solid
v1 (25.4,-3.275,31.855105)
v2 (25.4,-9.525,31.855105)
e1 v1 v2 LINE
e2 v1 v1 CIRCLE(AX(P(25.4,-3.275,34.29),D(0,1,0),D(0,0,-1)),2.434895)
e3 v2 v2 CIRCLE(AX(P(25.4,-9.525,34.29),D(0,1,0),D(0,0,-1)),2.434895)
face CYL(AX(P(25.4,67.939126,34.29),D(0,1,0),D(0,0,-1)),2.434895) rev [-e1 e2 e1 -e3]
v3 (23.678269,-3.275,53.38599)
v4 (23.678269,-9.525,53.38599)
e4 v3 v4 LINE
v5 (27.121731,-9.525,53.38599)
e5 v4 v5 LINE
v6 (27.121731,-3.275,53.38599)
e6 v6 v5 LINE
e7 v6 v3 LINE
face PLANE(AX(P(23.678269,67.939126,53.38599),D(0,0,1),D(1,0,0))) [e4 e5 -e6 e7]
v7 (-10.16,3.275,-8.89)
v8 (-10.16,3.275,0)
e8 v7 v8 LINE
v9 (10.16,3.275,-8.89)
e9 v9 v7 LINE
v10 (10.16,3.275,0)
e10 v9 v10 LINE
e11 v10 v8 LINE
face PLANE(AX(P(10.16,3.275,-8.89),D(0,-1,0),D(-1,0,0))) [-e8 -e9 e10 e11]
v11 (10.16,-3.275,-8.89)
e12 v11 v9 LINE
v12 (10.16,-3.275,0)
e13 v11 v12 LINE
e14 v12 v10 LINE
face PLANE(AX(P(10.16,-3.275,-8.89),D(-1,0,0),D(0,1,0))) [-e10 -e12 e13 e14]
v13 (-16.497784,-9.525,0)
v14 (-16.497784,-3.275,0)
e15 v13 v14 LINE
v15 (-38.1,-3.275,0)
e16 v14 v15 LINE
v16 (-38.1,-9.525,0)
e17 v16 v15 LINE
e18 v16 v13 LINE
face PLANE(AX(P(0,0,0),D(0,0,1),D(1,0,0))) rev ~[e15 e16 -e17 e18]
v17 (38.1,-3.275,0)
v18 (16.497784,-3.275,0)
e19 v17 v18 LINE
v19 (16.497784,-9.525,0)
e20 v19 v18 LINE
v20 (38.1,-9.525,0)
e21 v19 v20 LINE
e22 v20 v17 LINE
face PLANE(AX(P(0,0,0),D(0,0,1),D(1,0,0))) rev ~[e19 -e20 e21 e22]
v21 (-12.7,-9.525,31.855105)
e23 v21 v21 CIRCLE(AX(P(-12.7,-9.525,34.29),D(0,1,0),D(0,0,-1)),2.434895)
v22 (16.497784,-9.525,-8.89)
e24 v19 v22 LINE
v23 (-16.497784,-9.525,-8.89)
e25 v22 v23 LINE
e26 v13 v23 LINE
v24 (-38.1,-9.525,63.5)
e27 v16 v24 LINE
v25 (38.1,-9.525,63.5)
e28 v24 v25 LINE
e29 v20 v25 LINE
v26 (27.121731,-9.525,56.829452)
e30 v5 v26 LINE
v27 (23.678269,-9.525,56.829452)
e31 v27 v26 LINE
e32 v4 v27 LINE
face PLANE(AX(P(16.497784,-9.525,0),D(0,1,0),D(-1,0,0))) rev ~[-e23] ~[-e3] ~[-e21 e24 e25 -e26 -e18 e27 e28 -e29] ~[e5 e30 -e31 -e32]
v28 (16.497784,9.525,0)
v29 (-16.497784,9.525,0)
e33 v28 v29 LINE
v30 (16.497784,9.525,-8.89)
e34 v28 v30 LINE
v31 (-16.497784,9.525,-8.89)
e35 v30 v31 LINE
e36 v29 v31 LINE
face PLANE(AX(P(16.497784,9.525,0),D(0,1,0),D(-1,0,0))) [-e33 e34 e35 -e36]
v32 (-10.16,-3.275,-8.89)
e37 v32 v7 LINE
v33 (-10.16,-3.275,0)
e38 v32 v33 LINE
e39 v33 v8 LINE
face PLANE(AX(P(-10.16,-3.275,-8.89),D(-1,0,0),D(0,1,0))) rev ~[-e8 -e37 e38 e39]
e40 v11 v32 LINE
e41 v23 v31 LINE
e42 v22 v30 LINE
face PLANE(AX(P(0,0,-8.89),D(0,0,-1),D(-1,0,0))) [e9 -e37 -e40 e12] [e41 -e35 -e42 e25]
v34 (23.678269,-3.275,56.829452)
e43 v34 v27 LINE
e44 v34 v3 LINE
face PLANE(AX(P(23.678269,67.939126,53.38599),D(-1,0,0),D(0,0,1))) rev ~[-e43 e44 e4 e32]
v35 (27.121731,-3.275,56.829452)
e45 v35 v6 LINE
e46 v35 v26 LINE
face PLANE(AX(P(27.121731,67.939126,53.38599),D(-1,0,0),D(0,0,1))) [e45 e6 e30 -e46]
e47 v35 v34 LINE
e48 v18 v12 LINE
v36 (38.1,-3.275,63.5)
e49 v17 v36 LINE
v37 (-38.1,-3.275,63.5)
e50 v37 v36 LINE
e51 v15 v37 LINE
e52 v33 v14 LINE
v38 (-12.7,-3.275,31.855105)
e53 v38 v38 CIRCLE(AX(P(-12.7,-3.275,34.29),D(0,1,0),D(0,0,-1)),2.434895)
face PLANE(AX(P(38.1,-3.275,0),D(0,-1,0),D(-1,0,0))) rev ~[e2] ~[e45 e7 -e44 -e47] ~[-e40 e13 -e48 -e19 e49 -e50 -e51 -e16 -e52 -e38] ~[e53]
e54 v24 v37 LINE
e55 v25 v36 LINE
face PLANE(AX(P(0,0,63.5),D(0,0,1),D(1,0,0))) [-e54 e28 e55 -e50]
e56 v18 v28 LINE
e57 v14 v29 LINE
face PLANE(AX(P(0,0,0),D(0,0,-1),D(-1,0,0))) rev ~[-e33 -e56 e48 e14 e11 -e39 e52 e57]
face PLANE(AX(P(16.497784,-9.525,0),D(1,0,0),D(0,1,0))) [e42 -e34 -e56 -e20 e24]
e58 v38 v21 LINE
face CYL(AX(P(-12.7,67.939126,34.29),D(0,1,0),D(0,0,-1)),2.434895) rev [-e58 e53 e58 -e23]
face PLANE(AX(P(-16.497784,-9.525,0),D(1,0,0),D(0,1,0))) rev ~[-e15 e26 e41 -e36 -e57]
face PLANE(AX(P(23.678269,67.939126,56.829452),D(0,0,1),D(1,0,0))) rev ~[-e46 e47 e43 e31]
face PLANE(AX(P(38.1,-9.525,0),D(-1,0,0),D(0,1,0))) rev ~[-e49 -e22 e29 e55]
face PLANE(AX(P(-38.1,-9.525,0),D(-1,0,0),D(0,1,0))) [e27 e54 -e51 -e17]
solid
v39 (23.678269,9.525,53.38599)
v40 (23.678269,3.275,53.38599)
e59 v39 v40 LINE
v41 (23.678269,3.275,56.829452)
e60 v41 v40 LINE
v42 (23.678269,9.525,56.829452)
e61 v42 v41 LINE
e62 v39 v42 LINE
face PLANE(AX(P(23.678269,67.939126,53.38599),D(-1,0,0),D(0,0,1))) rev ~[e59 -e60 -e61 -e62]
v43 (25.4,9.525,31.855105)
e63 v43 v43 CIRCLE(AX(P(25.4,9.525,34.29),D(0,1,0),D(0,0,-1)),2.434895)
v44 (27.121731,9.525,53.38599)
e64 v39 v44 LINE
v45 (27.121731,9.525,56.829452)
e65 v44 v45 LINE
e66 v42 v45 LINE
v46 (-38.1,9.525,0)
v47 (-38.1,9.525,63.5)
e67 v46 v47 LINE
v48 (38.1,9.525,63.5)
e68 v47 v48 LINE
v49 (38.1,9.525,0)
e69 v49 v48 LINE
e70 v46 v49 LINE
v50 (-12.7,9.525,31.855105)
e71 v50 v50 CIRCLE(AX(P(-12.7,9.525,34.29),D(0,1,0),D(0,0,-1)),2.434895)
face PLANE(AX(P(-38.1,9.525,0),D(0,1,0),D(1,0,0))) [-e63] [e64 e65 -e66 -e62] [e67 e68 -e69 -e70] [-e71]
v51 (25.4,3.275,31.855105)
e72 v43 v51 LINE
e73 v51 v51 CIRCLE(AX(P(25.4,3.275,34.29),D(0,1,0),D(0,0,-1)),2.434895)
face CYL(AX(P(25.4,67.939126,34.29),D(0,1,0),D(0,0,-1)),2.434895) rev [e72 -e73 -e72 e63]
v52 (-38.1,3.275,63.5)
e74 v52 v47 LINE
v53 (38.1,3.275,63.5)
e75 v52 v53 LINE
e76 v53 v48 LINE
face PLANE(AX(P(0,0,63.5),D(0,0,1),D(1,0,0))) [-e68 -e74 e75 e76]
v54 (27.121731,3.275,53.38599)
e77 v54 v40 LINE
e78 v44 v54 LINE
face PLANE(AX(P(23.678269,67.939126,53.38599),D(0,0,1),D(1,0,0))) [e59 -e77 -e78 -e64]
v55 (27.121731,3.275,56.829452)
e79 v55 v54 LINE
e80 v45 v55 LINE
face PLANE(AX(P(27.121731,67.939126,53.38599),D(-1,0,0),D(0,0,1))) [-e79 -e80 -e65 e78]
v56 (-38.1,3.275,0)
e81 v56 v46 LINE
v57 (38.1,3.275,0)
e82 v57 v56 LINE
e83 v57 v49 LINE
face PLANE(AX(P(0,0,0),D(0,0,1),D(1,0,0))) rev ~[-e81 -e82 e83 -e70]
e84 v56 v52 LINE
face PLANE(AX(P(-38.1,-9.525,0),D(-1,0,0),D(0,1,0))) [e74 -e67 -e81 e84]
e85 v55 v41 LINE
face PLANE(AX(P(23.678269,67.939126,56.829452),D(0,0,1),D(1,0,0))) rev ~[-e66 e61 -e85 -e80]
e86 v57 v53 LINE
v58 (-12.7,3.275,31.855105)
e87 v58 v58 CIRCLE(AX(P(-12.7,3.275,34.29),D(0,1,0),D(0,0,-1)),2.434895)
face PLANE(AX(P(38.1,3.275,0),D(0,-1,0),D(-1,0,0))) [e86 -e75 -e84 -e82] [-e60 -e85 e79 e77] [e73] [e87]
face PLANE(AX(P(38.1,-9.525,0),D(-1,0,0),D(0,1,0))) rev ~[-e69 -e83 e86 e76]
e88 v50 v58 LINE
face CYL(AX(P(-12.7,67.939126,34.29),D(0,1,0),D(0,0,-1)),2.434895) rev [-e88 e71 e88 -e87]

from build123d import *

# Parameters (mm, degrees)
SKETCH1_W               = 76.2
SKETCH1_H               = 19.05
BOSS_EXTRUDE1_DEPTH     = 63.5
SKETCH2_W               = 76.2
SKETCH2_H               = 6.550000108
CUT_EXTRUDE1_DEPTH      = 69.85
SKETCH4_W               = 32.995567884
SKETCH4_H               = 19.05
BOSS_EXTRUDE2_DEPTH     = 8.89
SKETCH6_W               = 20.32
SKETCH6_H               = 6.550000108
CUT_EXTRUDE4_DEPTH      = 12.7
CUT_EXTRUDE5_DEPTH      = 77.464125575
CUT_EXTRUDE5_DEPTH_BACK = 77.464125575
SKETCH3_R               = 2.434895054
SKETCH3_W               = 3.443461608
SKETCH3_H               = 3.443461609


with BuildPart() as part:
    # Sketch1 → Boss-Extrude1 (new body)
    with BuildSketch(Plane.XY):
        Rectangle(SKETCH1_W, SKETCH1_H)
    extrude(amount=BOSS_EXTRUDE1_DEPTH)

    # Sketch2 → Cut-Extrude1 (cut)
    with BuildSketch(Plane(origin=(0, 0, 0), x_dir=(-1, 0, 0), z_dir=(0, 0, -1))):
        Rectangle(SKETCH2_W, SKETCH2_H)
    extrude(amount=-CUT_EXTRUDE1_DEPTH, mode=Mode.SUBTRACT)


with BuildPart() as cut_extrude1_piece_1:
    # of the separate pieces the step leaves, piece 1, a body of its own (cut_extrude1_pieces)
    add(part.part.solids().sort_by_distance((-38.1, 9.525, 0))[0])


with BuildPart() as cut_extrude1_piece_2:
    # of the separate pieces the step leaves, piece 2, a body of its own (cut_extrude1_pieces)
    add(part.part.solids().sort_by_distance((-38.1, -9.525, 0))[0])

    # Sketch4 → Boss-Extrude2 (add)
    with BuildSketch(Plane(origin=(0, 0, 0), x_dir=(-1, 0, 0), z_dir=(0, 0, -1))):
        Rectangle(SKETCH4_W, SKETCH4_H)
    extrude(amount=BOSS_EXTRUDE2_DEPTH)

    # Sketch6 → Cut-Extrude4 (cut)
    with BuildSketch(Plane(origin=(0, 0, -8.89), x_dir=(-1, 0, 0), z_dir=(0, 0, -1))):
        Rectangle(SKETCH6_W, SKETCH6_H)
    extrude(amount=-CUT_EXTRUDE4_DEPTH, mode=Mode.SUBTRACT)


with BuildPart() as cut_extrude5_tool:
    # Sketch3 → Cut-Extrude5 (new, two sides: drawn at the far end of the back side and taken through both)
    with BuildSketch(Plane.XZ.offset(9.525).offset(-CUT_EXTRUDE5_DEPTH_BACK)):
        with Locations(Location((25.4, 34.29, 0), (0, 0, 270))):
            Circle(SKETCH3_R)
        with Locations(Location((-12.7, 34.29, 0), (0, 0, 270))):
            Circle(SKETCH3_R)
        with Locations((25.4, 55.107720771)):
            Rectangle(SKETCH3_W, SKETCH3_H)
    extrude(amount=CUT_EXTRUDE5_DEPTH + CUT_EXTRUDE5_DEPTH_BACK)


with BuildPart() as cut_extrude1_piece_1_1:
    add(cut_extrude1_piece_1.part)

    # Cut-Extrude5: cut by cut_extrude5_tool
    add(cut_extrude5_tool.part, mode=Mode.SUBTRACT)


with BuildPart() as cut_extrude1_piece_2_1:
    add(cut_extrude1_piece_2.part)

    # Cut-Extrude5: cut by cut_extrude5_tool
    add(cut_extrude5_tool.part, mode=Mode.SUBTRACT)


solid = Compound([cut_extrude1_piece_1_1.part, cut_extrude1_piece_2_1.part])
